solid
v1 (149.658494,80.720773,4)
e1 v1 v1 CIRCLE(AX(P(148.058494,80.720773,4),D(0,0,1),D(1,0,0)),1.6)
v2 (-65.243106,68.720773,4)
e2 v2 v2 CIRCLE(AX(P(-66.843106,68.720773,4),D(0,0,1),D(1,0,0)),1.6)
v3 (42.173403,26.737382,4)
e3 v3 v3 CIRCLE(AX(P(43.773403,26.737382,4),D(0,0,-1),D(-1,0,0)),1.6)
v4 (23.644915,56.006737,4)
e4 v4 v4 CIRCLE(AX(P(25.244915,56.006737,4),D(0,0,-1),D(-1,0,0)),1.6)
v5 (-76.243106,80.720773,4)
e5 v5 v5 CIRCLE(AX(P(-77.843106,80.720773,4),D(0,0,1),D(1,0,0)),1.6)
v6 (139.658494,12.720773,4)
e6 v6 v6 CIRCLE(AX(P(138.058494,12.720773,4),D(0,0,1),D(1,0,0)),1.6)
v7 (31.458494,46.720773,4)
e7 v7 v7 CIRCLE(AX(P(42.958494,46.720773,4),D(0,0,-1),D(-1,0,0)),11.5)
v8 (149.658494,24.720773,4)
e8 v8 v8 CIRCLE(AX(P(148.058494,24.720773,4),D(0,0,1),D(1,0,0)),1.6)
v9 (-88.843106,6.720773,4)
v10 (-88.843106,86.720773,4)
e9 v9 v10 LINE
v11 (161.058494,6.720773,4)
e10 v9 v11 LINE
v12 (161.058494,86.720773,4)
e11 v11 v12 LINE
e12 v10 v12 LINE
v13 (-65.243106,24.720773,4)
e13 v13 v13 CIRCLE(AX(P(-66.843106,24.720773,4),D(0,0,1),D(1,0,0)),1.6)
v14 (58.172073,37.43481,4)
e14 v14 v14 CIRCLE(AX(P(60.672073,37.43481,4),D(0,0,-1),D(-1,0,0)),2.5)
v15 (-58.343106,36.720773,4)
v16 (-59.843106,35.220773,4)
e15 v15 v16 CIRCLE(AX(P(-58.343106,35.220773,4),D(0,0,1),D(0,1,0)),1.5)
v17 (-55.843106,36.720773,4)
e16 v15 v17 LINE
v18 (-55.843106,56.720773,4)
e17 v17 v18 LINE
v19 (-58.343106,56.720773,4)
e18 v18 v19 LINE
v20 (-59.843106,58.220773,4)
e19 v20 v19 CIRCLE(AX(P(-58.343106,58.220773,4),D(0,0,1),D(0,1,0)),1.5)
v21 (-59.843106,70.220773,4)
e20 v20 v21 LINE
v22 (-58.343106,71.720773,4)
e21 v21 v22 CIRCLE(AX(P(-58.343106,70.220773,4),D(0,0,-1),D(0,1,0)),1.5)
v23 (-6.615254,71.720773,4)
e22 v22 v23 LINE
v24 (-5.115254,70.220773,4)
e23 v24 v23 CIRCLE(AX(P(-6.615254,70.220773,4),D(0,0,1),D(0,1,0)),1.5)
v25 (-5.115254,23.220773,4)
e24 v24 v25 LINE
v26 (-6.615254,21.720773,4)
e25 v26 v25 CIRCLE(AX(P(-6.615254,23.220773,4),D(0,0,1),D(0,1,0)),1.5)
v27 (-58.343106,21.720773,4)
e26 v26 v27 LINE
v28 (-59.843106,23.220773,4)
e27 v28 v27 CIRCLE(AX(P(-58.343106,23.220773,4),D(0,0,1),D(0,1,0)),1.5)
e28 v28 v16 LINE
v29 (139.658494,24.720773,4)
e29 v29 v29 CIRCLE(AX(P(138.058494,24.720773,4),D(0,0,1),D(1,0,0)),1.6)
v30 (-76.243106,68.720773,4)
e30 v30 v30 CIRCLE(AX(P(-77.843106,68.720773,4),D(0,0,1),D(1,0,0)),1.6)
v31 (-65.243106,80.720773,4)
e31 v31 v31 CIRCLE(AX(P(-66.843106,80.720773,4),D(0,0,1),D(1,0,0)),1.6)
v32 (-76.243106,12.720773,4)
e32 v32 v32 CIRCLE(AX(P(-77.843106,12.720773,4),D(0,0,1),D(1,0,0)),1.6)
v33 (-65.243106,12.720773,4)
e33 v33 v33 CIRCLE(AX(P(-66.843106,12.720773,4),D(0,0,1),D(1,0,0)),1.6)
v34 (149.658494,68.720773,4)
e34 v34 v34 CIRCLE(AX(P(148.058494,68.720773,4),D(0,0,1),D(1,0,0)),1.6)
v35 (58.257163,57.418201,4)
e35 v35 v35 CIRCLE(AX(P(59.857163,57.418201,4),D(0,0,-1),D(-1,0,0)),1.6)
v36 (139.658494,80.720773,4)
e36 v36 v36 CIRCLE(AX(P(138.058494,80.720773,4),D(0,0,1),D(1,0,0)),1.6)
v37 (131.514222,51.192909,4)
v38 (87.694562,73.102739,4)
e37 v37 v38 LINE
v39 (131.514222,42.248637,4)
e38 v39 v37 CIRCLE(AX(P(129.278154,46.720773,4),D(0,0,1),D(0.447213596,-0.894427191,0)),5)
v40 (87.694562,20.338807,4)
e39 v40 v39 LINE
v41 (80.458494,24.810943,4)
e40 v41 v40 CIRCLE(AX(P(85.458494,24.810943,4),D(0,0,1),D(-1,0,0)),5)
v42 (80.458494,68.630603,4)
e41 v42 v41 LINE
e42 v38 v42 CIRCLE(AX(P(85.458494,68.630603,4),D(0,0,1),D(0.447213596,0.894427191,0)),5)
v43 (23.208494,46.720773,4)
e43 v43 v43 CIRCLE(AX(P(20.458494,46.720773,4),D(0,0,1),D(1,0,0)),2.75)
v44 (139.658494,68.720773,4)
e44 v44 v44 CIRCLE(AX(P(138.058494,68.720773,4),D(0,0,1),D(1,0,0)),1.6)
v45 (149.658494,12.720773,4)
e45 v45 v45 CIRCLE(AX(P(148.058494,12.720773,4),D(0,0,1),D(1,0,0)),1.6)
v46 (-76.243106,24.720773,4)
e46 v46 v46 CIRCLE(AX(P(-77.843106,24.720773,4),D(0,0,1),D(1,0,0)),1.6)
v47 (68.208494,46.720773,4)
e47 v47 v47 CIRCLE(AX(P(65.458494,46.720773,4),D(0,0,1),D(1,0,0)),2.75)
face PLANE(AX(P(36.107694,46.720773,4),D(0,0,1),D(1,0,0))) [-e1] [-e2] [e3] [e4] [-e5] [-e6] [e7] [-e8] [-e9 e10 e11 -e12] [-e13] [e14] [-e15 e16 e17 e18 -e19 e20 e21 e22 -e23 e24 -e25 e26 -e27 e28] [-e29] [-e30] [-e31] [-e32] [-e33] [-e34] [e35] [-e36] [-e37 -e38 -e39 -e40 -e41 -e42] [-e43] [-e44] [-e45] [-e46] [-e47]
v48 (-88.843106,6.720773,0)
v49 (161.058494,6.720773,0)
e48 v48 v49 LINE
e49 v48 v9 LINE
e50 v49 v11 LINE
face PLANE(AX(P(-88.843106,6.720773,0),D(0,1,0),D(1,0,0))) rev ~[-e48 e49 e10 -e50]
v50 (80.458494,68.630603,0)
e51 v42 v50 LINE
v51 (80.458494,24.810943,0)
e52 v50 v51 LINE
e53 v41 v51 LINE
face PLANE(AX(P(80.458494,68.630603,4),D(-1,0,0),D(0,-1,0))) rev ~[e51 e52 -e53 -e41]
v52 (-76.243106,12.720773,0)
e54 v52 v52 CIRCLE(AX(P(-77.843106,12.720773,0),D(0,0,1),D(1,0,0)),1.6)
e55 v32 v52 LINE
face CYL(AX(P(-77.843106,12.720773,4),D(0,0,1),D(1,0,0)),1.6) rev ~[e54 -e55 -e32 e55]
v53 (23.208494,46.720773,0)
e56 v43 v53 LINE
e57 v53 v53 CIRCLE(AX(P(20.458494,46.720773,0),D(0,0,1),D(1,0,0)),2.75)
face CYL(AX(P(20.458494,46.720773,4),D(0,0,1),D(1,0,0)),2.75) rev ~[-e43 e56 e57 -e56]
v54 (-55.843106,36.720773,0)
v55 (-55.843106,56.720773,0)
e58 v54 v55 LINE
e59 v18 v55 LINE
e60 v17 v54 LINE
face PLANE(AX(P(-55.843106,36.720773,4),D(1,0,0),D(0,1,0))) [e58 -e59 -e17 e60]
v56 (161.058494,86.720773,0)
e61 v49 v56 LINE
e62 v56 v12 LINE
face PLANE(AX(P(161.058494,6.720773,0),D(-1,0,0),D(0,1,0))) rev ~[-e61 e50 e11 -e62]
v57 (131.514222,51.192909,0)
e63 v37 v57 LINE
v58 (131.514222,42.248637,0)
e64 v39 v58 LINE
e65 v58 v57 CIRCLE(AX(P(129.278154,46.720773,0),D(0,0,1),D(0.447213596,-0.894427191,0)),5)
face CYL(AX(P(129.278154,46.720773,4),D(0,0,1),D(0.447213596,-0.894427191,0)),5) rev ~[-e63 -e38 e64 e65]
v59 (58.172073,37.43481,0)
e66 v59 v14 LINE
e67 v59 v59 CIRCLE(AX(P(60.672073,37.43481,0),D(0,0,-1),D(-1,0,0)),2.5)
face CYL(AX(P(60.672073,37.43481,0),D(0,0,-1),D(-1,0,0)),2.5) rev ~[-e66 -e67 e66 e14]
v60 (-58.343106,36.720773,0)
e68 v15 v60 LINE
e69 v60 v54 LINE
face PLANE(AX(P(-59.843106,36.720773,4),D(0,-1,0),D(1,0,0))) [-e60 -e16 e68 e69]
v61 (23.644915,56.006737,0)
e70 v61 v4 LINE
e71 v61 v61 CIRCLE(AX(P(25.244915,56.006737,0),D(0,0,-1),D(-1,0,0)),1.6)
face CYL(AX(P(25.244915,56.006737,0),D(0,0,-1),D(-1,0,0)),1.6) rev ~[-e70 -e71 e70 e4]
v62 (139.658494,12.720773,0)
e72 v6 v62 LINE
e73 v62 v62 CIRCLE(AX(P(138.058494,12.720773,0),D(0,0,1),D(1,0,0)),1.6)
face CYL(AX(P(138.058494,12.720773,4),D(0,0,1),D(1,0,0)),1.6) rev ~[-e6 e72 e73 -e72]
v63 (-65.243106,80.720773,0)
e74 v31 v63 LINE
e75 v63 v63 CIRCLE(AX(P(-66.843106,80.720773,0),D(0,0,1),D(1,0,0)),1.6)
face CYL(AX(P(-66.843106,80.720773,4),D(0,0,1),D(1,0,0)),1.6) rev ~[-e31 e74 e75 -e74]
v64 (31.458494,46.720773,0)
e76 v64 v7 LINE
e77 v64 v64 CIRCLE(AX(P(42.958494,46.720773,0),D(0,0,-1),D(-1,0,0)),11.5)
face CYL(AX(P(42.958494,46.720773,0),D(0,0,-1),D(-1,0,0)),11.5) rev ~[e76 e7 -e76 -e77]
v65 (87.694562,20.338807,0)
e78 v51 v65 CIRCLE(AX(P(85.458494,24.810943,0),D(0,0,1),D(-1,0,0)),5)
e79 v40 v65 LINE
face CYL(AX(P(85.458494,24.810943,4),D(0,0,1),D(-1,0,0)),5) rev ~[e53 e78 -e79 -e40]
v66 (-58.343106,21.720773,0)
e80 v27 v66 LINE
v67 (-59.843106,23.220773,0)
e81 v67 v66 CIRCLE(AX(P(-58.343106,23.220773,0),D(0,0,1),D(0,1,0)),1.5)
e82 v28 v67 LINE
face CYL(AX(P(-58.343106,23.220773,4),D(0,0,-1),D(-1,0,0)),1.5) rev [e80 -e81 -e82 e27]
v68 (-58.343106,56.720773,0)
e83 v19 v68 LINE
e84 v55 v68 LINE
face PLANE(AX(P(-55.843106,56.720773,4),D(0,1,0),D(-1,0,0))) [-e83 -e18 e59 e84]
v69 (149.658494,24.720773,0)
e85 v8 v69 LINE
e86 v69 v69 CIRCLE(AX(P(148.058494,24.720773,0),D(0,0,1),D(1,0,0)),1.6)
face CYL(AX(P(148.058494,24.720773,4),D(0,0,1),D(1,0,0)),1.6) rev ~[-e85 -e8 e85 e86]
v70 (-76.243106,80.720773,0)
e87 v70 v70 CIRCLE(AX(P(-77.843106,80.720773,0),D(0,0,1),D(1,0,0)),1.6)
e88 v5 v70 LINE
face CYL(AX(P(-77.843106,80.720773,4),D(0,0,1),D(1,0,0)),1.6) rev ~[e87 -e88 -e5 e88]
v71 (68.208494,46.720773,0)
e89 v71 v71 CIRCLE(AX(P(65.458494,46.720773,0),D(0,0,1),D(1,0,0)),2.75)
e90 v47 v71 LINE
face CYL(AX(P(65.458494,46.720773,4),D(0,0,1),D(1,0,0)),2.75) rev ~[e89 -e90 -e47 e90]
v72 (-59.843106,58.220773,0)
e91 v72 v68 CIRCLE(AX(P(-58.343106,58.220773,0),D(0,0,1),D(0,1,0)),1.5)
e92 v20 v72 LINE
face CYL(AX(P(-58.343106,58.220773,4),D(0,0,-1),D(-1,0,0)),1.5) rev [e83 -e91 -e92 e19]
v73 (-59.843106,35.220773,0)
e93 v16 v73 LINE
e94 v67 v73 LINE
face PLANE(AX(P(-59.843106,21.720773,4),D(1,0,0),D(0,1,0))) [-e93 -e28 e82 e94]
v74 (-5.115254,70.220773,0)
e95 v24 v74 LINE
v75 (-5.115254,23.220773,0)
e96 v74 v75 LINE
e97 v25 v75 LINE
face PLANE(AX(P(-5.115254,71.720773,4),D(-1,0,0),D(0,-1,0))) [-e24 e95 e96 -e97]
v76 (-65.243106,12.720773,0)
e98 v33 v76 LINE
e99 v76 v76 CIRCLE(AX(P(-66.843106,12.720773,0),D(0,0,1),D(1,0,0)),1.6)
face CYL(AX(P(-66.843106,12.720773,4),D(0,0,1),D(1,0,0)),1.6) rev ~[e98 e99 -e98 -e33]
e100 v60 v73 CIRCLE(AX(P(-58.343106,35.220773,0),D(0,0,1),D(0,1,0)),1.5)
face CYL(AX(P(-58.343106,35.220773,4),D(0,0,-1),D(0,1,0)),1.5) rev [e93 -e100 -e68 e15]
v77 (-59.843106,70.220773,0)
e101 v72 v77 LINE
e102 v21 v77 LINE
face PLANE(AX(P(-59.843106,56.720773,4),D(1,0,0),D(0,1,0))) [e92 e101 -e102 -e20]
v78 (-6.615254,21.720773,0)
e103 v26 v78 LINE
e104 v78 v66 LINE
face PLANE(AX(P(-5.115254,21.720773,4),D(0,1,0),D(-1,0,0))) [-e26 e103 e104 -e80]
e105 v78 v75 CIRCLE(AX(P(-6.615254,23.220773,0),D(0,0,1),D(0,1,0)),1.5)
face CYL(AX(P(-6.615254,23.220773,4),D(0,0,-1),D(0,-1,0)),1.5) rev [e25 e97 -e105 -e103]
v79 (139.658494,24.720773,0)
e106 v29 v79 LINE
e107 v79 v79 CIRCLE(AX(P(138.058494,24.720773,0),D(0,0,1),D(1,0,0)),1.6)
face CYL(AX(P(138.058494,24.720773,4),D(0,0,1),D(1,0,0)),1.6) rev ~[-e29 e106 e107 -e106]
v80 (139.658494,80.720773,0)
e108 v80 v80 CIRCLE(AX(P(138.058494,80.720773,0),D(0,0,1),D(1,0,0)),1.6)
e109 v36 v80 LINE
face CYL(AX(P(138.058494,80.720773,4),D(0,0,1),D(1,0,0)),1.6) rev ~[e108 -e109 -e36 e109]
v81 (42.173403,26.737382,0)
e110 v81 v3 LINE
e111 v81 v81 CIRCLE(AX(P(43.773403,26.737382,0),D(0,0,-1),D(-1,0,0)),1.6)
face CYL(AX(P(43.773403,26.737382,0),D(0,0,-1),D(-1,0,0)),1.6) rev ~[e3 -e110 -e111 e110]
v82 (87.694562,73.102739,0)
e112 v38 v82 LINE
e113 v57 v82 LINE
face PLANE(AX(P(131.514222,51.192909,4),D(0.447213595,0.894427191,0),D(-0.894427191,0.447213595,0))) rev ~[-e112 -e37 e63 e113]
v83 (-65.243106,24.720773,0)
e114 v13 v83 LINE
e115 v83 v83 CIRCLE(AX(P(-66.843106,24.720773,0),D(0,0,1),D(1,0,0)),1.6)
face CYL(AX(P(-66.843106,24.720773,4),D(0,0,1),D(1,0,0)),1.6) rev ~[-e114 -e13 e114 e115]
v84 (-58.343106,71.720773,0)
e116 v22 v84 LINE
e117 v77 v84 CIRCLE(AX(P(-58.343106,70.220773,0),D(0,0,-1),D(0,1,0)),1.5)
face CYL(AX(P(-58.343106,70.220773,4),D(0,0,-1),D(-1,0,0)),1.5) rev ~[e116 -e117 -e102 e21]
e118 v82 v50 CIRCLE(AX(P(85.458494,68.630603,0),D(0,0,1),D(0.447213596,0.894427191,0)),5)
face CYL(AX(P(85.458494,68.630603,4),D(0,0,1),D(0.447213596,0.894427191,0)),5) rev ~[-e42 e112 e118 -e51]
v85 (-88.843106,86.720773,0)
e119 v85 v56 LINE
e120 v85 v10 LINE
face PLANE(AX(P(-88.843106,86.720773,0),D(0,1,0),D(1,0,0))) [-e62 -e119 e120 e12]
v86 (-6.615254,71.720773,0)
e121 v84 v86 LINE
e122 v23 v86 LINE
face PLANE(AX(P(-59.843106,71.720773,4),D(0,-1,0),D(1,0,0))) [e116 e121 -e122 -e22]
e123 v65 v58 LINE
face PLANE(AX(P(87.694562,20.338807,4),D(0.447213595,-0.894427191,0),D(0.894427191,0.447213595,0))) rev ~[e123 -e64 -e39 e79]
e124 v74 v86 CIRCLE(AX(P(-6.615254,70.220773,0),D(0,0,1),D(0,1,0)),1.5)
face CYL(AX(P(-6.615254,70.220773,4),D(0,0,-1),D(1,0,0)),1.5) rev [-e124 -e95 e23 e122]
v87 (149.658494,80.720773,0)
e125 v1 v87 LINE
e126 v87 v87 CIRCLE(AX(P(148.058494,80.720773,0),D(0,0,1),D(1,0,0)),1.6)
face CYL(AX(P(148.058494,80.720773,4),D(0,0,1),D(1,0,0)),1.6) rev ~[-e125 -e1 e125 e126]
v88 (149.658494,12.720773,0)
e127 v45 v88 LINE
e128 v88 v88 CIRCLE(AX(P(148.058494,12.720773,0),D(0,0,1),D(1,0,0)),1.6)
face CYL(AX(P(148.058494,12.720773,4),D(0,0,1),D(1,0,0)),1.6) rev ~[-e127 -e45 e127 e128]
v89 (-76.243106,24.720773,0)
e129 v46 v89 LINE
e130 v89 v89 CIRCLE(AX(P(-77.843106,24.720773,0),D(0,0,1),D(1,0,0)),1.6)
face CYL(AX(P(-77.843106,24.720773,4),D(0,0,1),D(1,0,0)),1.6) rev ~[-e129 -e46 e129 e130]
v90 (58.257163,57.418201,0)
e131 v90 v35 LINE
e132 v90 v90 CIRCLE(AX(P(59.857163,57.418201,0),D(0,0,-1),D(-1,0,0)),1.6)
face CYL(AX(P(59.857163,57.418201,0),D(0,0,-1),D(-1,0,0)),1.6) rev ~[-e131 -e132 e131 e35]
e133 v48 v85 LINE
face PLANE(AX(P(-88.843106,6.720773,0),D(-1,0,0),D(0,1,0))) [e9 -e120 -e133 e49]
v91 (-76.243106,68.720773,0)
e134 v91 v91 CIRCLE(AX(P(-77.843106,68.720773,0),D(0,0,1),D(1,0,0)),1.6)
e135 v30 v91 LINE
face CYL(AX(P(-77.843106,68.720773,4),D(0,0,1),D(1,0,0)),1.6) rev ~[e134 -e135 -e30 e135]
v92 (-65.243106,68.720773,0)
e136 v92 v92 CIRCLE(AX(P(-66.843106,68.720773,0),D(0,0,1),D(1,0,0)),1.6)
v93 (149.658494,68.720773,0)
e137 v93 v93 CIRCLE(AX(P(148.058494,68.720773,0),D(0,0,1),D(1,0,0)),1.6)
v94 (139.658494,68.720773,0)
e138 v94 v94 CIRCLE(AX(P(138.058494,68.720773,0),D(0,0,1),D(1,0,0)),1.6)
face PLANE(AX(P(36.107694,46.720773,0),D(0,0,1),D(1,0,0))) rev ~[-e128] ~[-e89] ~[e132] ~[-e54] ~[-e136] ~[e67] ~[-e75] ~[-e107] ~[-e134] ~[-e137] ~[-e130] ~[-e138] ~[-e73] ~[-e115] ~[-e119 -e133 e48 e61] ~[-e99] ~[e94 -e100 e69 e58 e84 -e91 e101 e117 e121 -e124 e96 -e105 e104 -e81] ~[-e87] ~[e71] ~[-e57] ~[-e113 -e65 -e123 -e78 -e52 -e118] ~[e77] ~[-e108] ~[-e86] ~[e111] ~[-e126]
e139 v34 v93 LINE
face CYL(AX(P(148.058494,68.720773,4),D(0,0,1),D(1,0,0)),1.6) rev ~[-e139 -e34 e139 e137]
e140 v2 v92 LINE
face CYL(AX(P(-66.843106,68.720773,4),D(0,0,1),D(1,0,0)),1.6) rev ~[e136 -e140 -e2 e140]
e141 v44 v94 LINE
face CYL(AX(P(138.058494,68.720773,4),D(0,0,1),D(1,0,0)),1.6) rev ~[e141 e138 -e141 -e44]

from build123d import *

# Parameters (mm, degrees)
SKETCH_1_W          = 249.901599808
SKETCH_1_H          = 80
EXTRUDE_1_DEPTH     = 4
SKETCH_2_R          = 2.75
SKETCH_2_R_2        = 2.55
CUT_EXTRUDE_1_DEPTH = 4
CUT_EXTRUDE_2_DEPTH = 10
SKETCH_4_R          = 1.6
CUT_EXTRUDE_3_DEPTH = 5
CUT_EXTRUDE_4_DEPTH = 10
FILLET_1_R          = 1.5
SKETCH_6_R          = 1.6
SKETCH_6_R_2        = 2.5
SKETCH_6_R_3        = 11.5
CUT_EXTRUDE_5_DEPTH = 5


with BuildPart() as part:
    # 草图1 → 凸台-拉伸1 (new body)
    with BuildSketch(Plane.XY):
        with Locations((36.107693766, 46.720773392)):
            Rectangle(SKETCH_1_W, SKETCH_1_H)
    extrude(amount=EXTRUDE_1_DEPTH)

    # 草图2 → 切除-拉伸1 (cut)
    with BuildSketch(Plane.XY.offset(4)):
        with Locations((20.45849367, 46.720773392)):
            Circle(SKETCH_2_R)
        with Locations((65.45849367, 46.720773392)):
            Circle(SKETCH_2_R)
        with Locations((42.95849367, 46.720773392)):
            Circle(SKETCH_2_R_2)
    extrude(amount=-CUT_EXTRUDE_1_DEPTH, mode=Mode.SUBTRACT)

    # 草图3 → 切除-拉伸2 (cut)
    with BuildSketch(Plane.XY.offset(4)):
        with BuildLine():
            Line((80.45849367, 68.630603448), (80.45849367, 24.810943336))
            ThreePointArc((80.45849367, 24.810943336), (82.829838109, 20.557689294), (87.694561647, 20.338807381))
            Line((87.694561647, 20.338807381), (131.51422176, 42.248637437))
            ThreePointArc((131.51422176, 42.248637437), (134.278153782, 46.720773392), (131.51422176, 51.192909347))
            Line((131.51422176, 51.192909347), (87.694561647, 73.102739403))
            ThreePointArc((87.694561647, 73.102739403), (82.829838109, 72.88385749), (80.45849367, 68.630603448))
        make_face()
    extrude(amount=-CUT_EXTRUDE_2_DEPTH, mode=Mode.SUBTRACT)

    # 草图4 → 切除-拉伸3 (cut)
    with BuildSketch(Plane.XY.offset(4)):
        with Locations((-77.843106138, 80.720773392)):
            Circle(SKETCH_4_R)
        with Locations((-77.843106138, 68.720773392)):
            Circle(SKETCH_4_R)
        with Locations((-66.843106138, 80.720773392)):
            Circle(SKETCH_4_R)
        with Locations((-66.843106138, 68.720773392)):
            Circle(SKETCH_4_R)
        with Locations((138.05849367, 80.720773392)):
            Circle(SKETCH_4_R)
        with Locations((138.05849367, 68.720773392)):
            Circle(SKETCH_4_R)
        with Locations((148.05849367, 80.720773392)):
            Circle(SKETCH_4_R)
        with Locations((148.05849367, 68.720773392)):
            Circle(SKETCH_4_R)
        with Locations((148.05849367, 24.720773392)):
            Circle(SKETCH_4_R)
        with Locations((148.05849367, 12.720773392)):
            Circle(SKETCH_4_R)
        with Locations((138.05849367, 24.720773392)):
            Circle(SKETCH_4_R)
        with Locations((138.05849367, 12.720773392)):
            Circle(SKETCH_4_R)
        with Locations((-66.843106138, 24.720773392)):
            Circle(SKETCH_4_R)
        with Locations((-66.843106138, 12.720773392)):
            Circle(SKETCH_4_R)
        with Locations((-77.843106138, 24.720773392)):
            Circle(SKETCH_4_R)
        with Locations((-77.843106138, 12.720773392)):
            Circle(SKETCH_4_R)
    extrude(amount=-CUT_EXTRUDE_3_DEPTH, mode=Mode.SUBTRACT)

    # 草图5 → 切除-拉伸4 (cut)
    with BuildSketch(Plane.XY.offset(4)):
        Polygon((-59.843106138, 71.720773392), (-5.115253875, 71.720773392), (-5.115253875, 21.720773392), (-59.843106138, 21.720773392), (-59.843106138, 36.720773392), (-55.843106138, 36.720773392), (-55.843106138, 56.720773392), (-59.843106138, 56.720773392), align=None)
    extrude(amount=-CUT_EXTRUDE_4_DEPTH, mode=Mode.SUBTRACT)

    # 圆角1
    fillet_1_edges = [part.edges().sort_by_distance(p)[0] for p in [
        (-59.843106138, 56.720773392, 2),
        (-59.843106138, 71.720773392, 2),
        (-5.115253875, 71.720773392, 2),
        (-5.115253875, 21.720773392, 2),
        (-59.843106138, 21.720773392, 2),
        (-59.843106138, 36.720773392, 2),
    ]]
    fillet(fillet_1_edges, radius=FILLET_1_R)

    # 草图6 → 切除-拉伸5 (cut)
    with BuildSketch(Plane(origin=(0, 0, 0), x_dir=(-1, 0, 0), z_dir=(0, 0, -1))):
        with Locations((-25.244914522, 56.006736658)):
            Circle(SKETCH_6_R)
        with Locations((-43.773403156, 26.737382225)):
            Circle(SKETCH_6_R)
        with Locations((-59.857163331, 57.418201293)):
            Circle(SKETCH_6_R)
        with Locations((-60.672072817, 37.434810126)):
            Circle(SKETCH_6_R_2)
        with Locations((-42.95849367, 46.720773392)):
            Circle(SKETCH_6_R_3)
    extrude(amount=-CUT_EXTRUDE_5_DEPTH, mode=Mode.SUBTRACT)


solid = part.part
